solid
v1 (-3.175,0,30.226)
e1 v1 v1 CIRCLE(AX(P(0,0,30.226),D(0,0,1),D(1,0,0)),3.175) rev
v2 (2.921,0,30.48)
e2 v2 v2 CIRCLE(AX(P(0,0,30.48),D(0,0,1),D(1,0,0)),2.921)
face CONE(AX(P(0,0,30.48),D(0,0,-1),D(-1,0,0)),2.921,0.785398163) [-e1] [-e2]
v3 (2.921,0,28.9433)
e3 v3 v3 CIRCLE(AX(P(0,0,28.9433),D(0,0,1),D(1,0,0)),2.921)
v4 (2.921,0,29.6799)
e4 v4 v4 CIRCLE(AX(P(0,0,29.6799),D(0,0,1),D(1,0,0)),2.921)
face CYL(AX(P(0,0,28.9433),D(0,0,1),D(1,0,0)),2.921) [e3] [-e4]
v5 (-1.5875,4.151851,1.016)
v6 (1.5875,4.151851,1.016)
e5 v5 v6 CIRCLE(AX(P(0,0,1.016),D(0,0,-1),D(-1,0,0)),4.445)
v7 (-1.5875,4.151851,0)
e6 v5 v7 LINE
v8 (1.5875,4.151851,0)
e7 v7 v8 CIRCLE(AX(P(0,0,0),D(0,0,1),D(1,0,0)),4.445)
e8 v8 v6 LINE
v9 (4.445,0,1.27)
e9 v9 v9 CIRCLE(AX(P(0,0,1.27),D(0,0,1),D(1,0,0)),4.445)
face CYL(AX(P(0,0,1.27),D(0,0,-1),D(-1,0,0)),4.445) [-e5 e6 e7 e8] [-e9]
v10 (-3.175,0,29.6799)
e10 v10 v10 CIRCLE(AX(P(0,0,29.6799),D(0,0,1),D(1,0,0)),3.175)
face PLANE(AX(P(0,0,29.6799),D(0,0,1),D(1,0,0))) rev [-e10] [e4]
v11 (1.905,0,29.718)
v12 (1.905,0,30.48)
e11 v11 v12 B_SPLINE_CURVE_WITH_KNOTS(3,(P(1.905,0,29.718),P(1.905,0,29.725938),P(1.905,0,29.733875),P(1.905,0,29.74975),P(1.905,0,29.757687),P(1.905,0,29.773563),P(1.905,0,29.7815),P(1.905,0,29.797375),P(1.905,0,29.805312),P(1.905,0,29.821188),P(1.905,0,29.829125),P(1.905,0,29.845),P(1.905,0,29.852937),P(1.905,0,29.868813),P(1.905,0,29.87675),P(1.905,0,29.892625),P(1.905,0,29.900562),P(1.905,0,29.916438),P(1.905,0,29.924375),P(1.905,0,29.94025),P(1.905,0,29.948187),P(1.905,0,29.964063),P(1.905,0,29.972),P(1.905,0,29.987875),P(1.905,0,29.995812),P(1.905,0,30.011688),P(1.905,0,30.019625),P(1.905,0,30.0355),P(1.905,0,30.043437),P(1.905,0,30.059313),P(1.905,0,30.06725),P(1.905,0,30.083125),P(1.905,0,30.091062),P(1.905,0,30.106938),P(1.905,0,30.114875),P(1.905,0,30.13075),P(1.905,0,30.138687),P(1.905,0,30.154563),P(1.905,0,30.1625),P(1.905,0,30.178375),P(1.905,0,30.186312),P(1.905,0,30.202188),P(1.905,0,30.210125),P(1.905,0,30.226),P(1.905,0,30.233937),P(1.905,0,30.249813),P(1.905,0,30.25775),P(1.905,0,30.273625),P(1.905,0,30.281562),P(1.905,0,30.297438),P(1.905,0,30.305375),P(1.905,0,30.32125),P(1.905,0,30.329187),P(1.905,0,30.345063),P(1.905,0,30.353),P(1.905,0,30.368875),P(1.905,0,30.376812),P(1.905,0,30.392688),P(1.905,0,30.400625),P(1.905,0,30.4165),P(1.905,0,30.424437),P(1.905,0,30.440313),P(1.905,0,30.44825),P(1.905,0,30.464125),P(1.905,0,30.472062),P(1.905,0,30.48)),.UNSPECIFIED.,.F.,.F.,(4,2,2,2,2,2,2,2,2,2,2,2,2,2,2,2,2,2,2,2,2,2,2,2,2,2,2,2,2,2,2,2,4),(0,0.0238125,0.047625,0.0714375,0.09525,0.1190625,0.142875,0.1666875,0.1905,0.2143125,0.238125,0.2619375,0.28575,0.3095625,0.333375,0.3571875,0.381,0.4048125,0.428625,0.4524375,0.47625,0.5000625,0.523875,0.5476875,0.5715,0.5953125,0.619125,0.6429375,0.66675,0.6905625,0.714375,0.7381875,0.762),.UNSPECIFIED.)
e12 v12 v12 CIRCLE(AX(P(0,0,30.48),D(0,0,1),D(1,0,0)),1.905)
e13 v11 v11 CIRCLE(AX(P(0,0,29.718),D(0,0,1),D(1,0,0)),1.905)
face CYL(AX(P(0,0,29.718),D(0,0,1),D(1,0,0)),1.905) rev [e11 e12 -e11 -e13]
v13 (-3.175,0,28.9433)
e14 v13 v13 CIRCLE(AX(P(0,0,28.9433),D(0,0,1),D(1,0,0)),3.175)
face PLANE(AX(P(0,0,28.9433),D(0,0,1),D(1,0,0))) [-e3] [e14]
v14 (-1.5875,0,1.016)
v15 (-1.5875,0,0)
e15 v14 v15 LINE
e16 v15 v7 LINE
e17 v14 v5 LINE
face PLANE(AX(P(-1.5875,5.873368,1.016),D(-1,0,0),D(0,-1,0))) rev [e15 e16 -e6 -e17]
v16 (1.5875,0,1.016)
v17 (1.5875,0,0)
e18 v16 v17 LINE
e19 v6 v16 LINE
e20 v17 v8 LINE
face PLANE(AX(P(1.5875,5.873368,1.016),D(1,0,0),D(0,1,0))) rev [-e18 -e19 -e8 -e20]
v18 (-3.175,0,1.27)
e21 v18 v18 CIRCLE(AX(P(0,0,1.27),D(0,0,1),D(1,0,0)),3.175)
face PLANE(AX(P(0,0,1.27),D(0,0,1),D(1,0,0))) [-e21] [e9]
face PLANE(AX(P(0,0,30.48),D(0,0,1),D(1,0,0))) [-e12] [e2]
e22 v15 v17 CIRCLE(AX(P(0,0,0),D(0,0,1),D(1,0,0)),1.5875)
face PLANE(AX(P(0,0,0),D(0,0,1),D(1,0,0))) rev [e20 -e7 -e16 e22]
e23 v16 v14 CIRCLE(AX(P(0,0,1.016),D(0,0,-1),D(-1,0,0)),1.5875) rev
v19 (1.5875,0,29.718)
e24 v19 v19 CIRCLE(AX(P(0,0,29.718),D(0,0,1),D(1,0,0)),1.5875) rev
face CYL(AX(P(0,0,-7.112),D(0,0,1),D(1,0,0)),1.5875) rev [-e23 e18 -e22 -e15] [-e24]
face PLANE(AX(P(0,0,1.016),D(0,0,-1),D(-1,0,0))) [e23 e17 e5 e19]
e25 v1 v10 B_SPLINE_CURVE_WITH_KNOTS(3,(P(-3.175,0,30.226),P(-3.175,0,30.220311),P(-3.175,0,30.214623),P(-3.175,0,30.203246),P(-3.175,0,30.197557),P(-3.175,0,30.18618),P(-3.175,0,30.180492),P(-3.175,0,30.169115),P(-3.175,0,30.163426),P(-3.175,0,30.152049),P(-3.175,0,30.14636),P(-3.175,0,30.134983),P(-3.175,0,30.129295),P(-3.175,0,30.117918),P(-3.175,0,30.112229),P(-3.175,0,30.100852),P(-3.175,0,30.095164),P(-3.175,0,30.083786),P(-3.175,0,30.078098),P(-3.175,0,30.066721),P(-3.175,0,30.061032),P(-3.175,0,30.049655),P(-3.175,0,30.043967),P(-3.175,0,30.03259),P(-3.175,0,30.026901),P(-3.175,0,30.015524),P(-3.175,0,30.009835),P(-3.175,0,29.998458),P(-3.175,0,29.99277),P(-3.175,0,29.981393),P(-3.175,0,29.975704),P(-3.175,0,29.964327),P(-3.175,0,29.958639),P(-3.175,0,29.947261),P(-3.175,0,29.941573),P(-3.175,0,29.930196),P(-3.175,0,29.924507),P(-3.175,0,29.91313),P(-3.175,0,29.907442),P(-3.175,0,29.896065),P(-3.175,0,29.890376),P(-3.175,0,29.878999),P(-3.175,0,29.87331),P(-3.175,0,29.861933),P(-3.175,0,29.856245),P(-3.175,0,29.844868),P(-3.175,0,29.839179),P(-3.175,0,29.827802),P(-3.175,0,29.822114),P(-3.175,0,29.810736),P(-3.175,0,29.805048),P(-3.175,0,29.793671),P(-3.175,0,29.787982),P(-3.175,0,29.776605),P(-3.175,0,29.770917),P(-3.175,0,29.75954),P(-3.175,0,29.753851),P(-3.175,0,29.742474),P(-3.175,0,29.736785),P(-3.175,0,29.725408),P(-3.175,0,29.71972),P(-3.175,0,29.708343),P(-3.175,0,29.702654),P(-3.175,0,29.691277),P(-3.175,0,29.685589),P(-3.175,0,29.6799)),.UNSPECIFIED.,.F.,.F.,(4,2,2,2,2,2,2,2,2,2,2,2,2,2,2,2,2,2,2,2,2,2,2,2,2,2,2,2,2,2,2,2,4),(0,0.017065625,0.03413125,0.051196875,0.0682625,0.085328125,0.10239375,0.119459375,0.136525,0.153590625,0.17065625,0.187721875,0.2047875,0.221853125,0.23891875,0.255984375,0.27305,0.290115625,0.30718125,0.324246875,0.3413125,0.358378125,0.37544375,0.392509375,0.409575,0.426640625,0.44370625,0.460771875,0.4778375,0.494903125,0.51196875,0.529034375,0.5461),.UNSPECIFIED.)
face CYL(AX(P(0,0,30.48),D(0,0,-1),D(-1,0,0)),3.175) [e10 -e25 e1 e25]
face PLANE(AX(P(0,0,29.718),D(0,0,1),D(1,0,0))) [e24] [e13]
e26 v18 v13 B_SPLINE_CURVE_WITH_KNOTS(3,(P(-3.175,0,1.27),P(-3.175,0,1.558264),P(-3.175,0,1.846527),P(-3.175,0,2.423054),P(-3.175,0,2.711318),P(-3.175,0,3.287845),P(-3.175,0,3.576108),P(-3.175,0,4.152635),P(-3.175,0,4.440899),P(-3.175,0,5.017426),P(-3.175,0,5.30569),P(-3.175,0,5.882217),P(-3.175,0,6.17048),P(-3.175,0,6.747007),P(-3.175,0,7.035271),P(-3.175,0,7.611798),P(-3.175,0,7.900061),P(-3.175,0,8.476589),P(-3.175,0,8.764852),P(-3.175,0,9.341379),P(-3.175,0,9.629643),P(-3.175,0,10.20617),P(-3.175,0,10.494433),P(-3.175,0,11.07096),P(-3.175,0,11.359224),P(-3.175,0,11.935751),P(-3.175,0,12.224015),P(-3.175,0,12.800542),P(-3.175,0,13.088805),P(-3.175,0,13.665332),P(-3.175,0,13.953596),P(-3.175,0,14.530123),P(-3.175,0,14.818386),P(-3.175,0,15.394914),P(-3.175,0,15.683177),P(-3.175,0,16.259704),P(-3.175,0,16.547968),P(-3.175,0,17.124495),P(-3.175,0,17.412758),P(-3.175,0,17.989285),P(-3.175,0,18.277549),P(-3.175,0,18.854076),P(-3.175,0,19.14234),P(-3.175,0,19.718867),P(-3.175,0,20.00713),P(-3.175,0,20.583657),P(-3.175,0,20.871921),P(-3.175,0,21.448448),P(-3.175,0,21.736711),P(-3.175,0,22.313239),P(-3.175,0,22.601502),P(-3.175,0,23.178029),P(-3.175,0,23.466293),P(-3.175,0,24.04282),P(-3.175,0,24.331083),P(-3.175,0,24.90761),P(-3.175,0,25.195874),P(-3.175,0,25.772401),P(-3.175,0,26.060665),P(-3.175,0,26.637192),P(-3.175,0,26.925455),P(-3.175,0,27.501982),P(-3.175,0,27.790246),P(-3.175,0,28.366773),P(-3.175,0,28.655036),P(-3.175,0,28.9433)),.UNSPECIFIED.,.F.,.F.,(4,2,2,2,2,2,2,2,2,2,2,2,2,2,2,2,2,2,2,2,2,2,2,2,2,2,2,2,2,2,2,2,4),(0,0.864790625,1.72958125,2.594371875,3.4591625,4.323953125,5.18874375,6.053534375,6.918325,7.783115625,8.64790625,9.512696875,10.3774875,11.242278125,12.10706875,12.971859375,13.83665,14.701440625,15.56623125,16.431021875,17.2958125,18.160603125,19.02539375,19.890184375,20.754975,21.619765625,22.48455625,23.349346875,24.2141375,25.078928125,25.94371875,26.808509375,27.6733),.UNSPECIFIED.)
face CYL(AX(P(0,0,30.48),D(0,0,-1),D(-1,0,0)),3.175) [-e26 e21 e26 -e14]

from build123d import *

# Parameters (mm, degrees)
SKETCH2_R           = 4.445
BOSS_EXTRUDE1_DEPTH = 1.27
SKETCH3_R           = 3.175
BOSS_EXTRUDE2_DEPTH = 29.21
SKETCH4_R           = 1.5875
CUT_EXTRUDE1_DEPTH  = 37.592
SKETCH5_R           = 1.905
CUT_EXTRUDE2_DEPTH  = 0.762
SKETCH6_W           = 3.175
SKETCH6_H           = 5.873367688
CUT_EXTRUDE3_DEPTH  = 1.016
CUT_EXTRUDE5_START  = -0.7366
SKETCH7_R           = 3.175
SKETCH7_R_2         = 2.921
CUT_EXTRUDE5_DEPTH  = 0.7366
CHAMFER1_SIZE       = 0.254


with BuildPart() as part:
    # Sketch2 → Boss-Extrude1 (new body)
    with BuildSketch(Plane.XY):
        Circle(SKETCH2_R)
    extrude(amount=BOSS_EXTRUDE1_DEPTH)

    # Sketch3 → Boss-Extrude2 (add)
    with BuildSketch(Plane.XY.offset(1.27)):
        with Locations(Location((0, 0, 0), (0, 0, 180))):
            Circle(SKETCH3_R)
    extrude(amount=BOSS_EXTRUDE2_DEPTH)

    # Sketch4 → Cut-Extrude1 (cut)
    with BuildSketch(Plane.XY.offset(30.48)):
        Circle(SKETCH4_R)
    extrude(amount=-CUT_EXTRUDE1_DEPTH, mode=Mode.SUBTRACT)

    # Sketch5 → Cut-Extrude2 (cut)
    with BuildSketch(Plane.XY.offset(30.48)):
        Circle(SKETCH5_R)
    extrude(amount=-CUT_EXTRUDE2_DEPTH, mode=Mode.SUBTRACT)

    # Sketch6 → Cut-Extrude3 (cut)
    with BuildSketch(Plane(origin=(0, 0, 0), x_dir=(-1, 0, 0), z_dir=(0, 0, -1))):
        with Locations((0, 2.936683844)):
            Rectangle(SKETCH6_W, SKETCH6_H)
    extrude(amount=-CUT_EXTRUDE3_DEPTH, mode=Mode.SUBTRACT)

    # Sketch7 → Cut-Extrude5 (cut)
    with BuildSketch(Plane.XY.offset(29.6799).offset(CUT_EXTRUDE5_START)):
        with Locations(Location((0, 0, 0), (0, 0, 180))):
            Circle(SKETCH7_R)
        Circle(SKETCH7_R_2, mode=Mode.SUBTRACT)
    extrude(amount=CUT_EXTRUDE5_DEPTH, mode=Mode.SUBTRACT)

    # Chamfer1
    chamfer1_edges = [part.edges().sort_by_distance(p)[0] for p in [
        (3.175, 0, 30.48),
    ]]
    chamfer(chamfer1_edges, length=CHAMFER1_SIZE)


solid = part.part
